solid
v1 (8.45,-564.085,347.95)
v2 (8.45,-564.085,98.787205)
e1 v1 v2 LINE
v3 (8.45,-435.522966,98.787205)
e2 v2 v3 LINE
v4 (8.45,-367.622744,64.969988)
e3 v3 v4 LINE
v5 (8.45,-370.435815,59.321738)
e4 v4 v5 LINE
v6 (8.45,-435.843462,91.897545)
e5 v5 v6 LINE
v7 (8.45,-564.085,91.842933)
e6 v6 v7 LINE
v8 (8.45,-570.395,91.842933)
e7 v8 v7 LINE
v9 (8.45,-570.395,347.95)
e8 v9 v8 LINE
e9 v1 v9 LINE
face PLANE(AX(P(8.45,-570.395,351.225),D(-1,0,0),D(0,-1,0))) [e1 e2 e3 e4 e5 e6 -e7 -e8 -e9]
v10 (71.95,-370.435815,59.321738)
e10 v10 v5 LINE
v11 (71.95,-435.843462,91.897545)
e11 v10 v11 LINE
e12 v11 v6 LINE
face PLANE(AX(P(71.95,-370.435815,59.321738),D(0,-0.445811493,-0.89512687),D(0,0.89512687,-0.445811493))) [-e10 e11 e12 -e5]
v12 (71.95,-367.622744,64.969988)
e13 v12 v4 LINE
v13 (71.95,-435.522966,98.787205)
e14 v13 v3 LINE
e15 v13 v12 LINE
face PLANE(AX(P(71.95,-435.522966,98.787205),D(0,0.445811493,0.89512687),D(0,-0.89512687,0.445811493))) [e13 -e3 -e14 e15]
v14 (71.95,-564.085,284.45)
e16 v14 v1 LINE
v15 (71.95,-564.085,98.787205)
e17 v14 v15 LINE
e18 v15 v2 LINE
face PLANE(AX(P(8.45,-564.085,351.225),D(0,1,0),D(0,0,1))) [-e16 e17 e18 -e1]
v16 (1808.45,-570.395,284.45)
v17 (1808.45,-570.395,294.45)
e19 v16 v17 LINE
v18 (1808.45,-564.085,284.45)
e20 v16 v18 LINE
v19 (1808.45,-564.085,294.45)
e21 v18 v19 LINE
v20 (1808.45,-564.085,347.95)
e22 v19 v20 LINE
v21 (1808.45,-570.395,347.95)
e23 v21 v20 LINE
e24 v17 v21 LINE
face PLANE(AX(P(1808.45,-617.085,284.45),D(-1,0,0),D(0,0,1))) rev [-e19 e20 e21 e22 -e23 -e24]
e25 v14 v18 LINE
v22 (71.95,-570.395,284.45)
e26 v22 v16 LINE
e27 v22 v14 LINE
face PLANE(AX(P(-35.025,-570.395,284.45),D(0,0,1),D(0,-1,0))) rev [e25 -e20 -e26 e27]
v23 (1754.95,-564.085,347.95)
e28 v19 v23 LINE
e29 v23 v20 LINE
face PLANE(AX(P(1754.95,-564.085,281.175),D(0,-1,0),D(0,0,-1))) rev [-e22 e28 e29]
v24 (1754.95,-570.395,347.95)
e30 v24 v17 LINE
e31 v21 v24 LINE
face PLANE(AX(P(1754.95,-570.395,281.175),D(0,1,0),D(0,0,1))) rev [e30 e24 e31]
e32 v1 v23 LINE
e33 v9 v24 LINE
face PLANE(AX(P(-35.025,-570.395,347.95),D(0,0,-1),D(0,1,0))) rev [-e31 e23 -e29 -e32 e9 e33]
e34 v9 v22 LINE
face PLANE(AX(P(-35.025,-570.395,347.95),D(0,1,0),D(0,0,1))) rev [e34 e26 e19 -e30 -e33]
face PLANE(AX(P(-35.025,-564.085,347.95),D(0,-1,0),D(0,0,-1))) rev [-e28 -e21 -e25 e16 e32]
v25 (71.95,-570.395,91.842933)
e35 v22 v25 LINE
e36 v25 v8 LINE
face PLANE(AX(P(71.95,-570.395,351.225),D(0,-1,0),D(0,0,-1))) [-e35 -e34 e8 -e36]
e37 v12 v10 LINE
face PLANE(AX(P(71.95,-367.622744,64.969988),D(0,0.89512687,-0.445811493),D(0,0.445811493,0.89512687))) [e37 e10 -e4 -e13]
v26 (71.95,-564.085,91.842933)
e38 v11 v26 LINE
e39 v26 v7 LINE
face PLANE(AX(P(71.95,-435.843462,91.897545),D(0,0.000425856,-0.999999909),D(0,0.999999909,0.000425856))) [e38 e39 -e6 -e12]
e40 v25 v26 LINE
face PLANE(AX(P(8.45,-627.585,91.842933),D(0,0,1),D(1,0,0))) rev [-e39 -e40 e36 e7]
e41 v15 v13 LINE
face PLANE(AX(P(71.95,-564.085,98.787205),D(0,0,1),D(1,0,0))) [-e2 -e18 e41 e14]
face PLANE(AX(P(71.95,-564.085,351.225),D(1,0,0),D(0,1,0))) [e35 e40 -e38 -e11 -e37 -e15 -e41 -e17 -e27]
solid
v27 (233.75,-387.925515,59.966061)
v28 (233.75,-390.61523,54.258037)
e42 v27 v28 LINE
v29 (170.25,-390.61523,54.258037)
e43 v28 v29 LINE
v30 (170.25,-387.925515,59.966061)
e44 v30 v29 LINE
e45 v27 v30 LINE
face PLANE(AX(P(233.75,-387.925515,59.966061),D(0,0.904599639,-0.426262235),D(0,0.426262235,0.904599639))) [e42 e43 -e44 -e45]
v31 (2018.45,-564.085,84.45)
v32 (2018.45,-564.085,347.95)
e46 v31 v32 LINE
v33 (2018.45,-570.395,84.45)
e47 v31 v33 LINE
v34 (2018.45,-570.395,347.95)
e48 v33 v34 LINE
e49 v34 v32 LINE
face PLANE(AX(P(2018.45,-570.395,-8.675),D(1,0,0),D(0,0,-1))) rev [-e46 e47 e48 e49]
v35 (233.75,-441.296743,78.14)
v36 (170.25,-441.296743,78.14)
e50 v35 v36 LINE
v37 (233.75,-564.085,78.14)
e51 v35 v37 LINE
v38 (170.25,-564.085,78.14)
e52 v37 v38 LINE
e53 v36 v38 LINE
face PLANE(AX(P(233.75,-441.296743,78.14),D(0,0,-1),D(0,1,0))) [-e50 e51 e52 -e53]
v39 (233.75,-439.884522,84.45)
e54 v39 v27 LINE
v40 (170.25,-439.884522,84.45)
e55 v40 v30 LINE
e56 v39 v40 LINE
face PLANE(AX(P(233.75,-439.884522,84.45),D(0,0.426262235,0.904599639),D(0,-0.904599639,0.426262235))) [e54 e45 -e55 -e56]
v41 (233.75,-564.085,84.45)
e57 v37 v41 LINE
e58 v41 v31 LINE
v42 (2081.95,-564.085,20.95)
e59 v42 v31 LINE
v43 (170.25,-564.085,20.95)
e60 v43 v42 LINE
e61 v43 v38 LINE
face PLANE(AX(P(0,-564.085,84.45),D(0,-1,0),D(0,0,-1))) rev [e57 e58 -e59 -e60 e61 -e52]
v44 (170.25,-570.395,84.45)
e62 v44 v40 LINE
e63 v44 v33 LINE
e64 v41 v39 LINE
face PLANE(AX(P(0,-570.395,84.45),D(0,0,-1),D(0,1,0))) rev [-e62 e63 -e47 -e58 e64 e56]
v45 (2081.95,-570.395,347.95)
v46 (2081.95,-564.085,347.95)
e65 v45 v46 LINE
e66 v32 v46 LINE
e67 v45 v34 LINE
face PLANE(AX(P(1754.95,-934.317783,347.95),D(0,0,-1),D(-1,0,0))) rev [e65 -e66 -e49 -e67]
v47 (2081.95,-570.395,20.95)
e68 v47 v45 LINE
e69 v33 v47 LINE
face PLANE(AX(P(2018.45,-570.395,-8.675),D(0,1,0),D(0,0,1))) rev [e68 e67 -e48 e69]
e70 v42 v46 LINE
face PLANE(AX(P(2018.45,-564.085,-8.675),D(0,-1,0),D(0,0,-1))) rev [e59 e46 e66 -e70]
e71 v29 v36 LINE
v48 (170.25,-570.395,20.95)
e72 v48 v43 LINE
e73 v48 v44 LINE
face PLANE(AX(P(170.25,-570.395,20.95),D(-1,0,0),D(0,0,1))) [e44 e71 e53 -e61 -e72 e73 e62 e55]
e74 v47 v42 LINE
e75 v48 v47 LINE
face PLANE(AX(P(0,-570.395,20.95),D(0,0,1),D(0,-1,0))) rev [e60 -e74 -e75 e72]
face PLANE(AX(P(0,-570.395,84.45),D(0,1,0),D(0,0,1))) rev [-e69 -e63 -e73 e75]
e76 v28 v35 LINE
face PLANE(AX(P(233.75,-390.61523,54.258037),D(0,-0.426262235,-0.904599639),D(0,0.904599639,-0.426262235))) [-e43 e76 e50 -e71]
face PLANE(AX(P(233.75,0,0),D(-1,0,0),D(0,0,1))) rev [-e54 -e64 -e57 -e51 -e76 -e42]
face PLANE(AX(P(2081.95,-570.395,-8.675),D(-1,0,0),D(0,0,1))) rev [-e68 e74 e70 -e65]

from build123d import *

# Parameters (mm, degrees)
CROQUIS2_W              = 63.5
CROQUIS2_H              = 6.31
CROQUIS3_W              = 63.5
CROQUIS3_H              = 6.31
CROQUIS4_W              = 60
CROQUIS4_H              = 53.155
SALIENTE_EXTRUIR1_DEPTH = 6.31
CROQUIS5_W              = 60
CROQUIS5_H              = 6.31
CORTAR_EXTRUIR1_DEPTH   = 6.31
CORTAR_EXTRUIR2_DEPTH   = 502
CROQUIS8_W              = 63.5
CROQUIS8_H              = 564.085
CORTAR_EXTRUIR3_DEPTH   = 502
CROQUIS9_W              = 327
CROQUIS9_H              = 1084.052933
CORTAR_EXTRUIR4_DEPTH   = 502
CROQUIS10_W             = 63.5
CROQUIS10_H             = 6.31
CORTAR_EXTRUIR5_DEPTH   = 95
CORTAR_EXTRUIR6_DEPTH   = 95
CROQUIS13_W             = 120
CROQUIS13_H             = 256.105
CORTAR_EXTRUIR7_DEPTH   = 95
CROQUIS16_W             = 125
CROQUIS16_H             = 63.5
SALIENTE_EXTRUIR4_DEPTH = 6.31
CROQUIS17_W             = 63.5
CROQUIS17_H             = 6.31
SALIENTE_EXTRUIR5_DEPTH = 63.5
CROQUIS19_W             = 63.5
CROQUIS19_H             = 25.642933
CORTAR_EXTRUIR8_DEPTH   = 63.5
SALIENTE_EXTRUIR6_DEPTH = 63.5
CROQUIS21_W             = 10
CROQUIS21_H             = 63.5
CORTAR_EXTRUIR9_DEPTH   = 53


with BuildPart() as part:
    # Barrer1: sweep along a curve in space
    with BuildLine() as barrer1_path:
        Line((0, 0, 0), (0, -567.24, 0))
        Line((0, -567.24, 0), (0, -567.24, 316.2))
        Line((0, -567.24, 316.2), (1786.7, -567.24, 316.2))
        Line((1786.7, -567.24, 316.2), (1786.7, -567.24, 578))
        Line((1786.7, -567.24, 578), (1786.7, -435.47278313, 578))
        Line((1786.7, -435.47278313, 578), (1786.7, -435.47278313, 1432.002933))
    # Croquis2 → Barrer1 (sweep)
    with BuildSketch(Plane(origin=(0, 0, 0), x_dir=(1, 0, 0), z_dir=(0, 1, 0))):
        Rectangle(CROQUIS2_W, CROQUIS2_H)
        with Locations((263.5, 0)):
            Rectangle(CROQUIS2_W, CROQUIS2_H)
    sweep(path=barrer1_path.line, transition=Transition.RIGHT)

    # Barrer4: sweep along a curve in space
    with BuildLine() as barrer4_path:
        Line((-0.201028049, -3.155, -3.155), (-0.201028049, -3.155, -207.155))
        Line((-0.201028049, -3.155, -207.155), (-0.201028049, -53.155, -207.155))
    # Croquis3 → Barrer4 (sweep)
    with BuildSketch(Plane(origin=(0, 0, -3.155), x_dir=(-1, 0, 0), z_dir=(0, 0, -1))):
        with Locations((-263.5, -3.155)):
            Rectangle(CROQUIS3_W, CROQUIS3_H)
        with Locations((0, -3.155)):
            Rectangle(CROQUIS3_W, CROQUIS3_H)
    sweep(path=barrer4_path.line, transition=Transition.RIGHT)

    # Croquis4 → Saliente-Extruir1 (add)
    with BuildSketch(Plane(origin=(0, 0, -210.31), x_dir=(-1, 0, 0), z_dir=(0, 0, -1))):
        with Locations((-201.75, -26.5775)):
            Rectangle(CROQUIS4_W, CROQUIS4_H)
    extrude(amount=-SALIENTE_EXTRUIR1_DEPTH)

    # Croquis5 → Cortar-Extruir1 (cut)
    with BuildSketch(Plane.XY.offset(-204)):
        with Locations((201.75, -3.155)):
            Rectangle(CROQUIS5_W, CROQUIS5_H)
    extrude(amount=-CORTAR_EXTRUIR1_DEPTH, mode=Mode.SUBTRACT)

    # Croquis7 → Cortar-Extruir2 (cut)
    with BuildSketch(Plane.XY.offset(3.155)):
        Polygon((295.25, -564.085), (231.75, -564.085), (231.75, -68.875540851), (170.611072112, -68.875540851), (170.611072112, 0), (295.25, 0), align=None)
    extrude(amount=-CORTAR_EXTRUIR2_DEPTH, mode=Mode.SUBTRACT)

    # Croquis8 → Cortar-Extruir3 (cut)
    with BuildSketch(Plane.XY.offset(3.155)):
        with Locations((0, -282.0425)):
            Rectangle(CROQUIS8_W, CROQUIS8_H)
    extrude(amount=-CORTAR_EXTRUIR3_DEPTH, mode=Mode.SUBTRACT)

    # Croquis9 → Cortar-Extruir4 (cut)
    with BuildSketch(Plane(origin=(0, -432.31778313, 0), x_dir=(1, 0, 0), z_dir=(0, 1, 0))):
        with Locations((1918.45, -889.9764665)):
            Rectangle(CROQUIS9_W, CROQUIS9_H)
    extrude(amount=-CORTAR_EXTRUIR4_DEPTH, mode=Mode.SUBTRACT)

    # Croquis10 → Cortar-Extruir5 (cut)
    with BuildSketch(Plane(origin=(0, 0, -3.155), x_dir=(-1, 0, 0), z_dir=(0, 0, -1))):
        with Locations((0, -567.24)):
            Rectangle(CROQUIS10_W, CROQUIS10_H)
    extrude(amount=-CORTAR_EXTRUIR5_DEPTH, mode=Mode.SUBTRACT)

    # Croquis11 → Cortar-Extruir6 (cut)
    with BuildSketch(Plane(origin=(0, -564.085, 0), x_dir=(1, 0, 0), z_dir=(0, 1, 0))):
        Polygon((231.75, -84.45), (295.25, -84.45), (295.25, -20.95), align=None)
        Polygon((231.75, -84.45), (295.25, -20.95), (231.75, -20.95), align=None)
        Polygon((231.75, -20.95), (295.25, -20.95), (295.25, -3.155), (295.25, 3.155), (231.75, 3.155), (231.75, -3.155), align=None)
    extrude(amount=-CORTAR_EXTRUIR6_DEPTH, mode=Mode.SUBTRACT)

    # Croquis13 → Cortar-Extruir7 (cut)
    with BuildSketch(Plane(origin=(0, -564.085, 0), x_dir=(1, 0, 0), z_dir=(0, 1, 0))):
        with Locations((28.25, -219.8975)):
            Rectangle(CROQUIS13_W, CROQUIS13_H)
    extrude(amount=-CORTAR_EXTRUIR7_DEPTH, mode=Mode.SUBTRACT)

    # Croquis16 → Saliente-Extruir4 (add)
    with BuildSketch(Plane(origin=(0, -564.085, 0), x_dir=(1, 0, 0), z_dir=(0, 1, 0))):
        with Locations((232.75, -52.7)):
            Rectangle(CROQUIS16_W, CROQUIS16_H)
    extrude(amount=-SALIENTE_EXTRUIR4_DEPTH)

    # Barrer5: sweep along a curve in space
    with BuildLine() as barrer5_path:
        Line((88.25, -567.24, 316.2), (40.2, -567.24, 316.2))
        Line((40.2, -567.24, 316.2), (40.2, -567.24, 66.2))
    # Croquis17 → Barrer5 (sweep)
    with BuildSketch(Plane.ZY.offset(-88.25)):
        with Locations((316.2, -567.24)):
            Rectangle(CROQUIS17_W, CROQUIS17_H)
    sweep(path=barrer5_path.line, transition=Transition.RIGHT)

    # Croquis18 → Saliente-Extruir5 (add)
    with BuildSketch(Plane.ZY.offset(-8.45)):
        Polygon((98.787204793, -564.085), (98.787204793, -435.522965931), (64.969988324, -367.622744457), (59.321737777, -370.435814978), (91.897545374, -435.843461779), (91.842933, -564.085), align=None)
    extrude(amount=-SALIENTE_EXTRUIR5_DEPTH)

    # Croquis19 → Cortar-Extruir8 (cut)
    with BuildSketch(Plane(origin=(0, -564.085, 0), x_dir=(1, 0, 0), z_dir=(0, 1, 0))):
        with Locations((40.2, -79.0214665)):
            Rectangle(CROQUIS19_W, CROQUIS19_H)
    extrude(amount=-CORTAR_EXTRUIR8_DEPTH, mode=Mode.SUBTRACT)

    # Croquis20 → Saliente-Extruir6 (add)
    with BuildSketch(Plane.ZY.offset(-170.25)):
        Polygon((84.45, -564.085), (84.45, -439.884522326), (59.966060883, -387.925515276), (54.258037161, -390.615229981), (78.14, -441.296742852), (78.14, -564.085), align=None)
    extrude(amount=-SALIENTE_EXTRUIR6_DEPTH)

    # Croquis21 → Cortar-Extruir9 (cut)
    with BuildSketch(Plane(origin=(0, -564.085, 0), x_dir=(1, 0, 0), z_dir=(0, 1, 0))):
        with Locations((1813.45, -316.2)):
            Rectangle(CROQUIS21_W, CROQUIS21_H)
    extrude(amount=-CORTAR_EXTRUIR9_DEPTH, mode=Mode.SUBTRACT)


solid = part.part
